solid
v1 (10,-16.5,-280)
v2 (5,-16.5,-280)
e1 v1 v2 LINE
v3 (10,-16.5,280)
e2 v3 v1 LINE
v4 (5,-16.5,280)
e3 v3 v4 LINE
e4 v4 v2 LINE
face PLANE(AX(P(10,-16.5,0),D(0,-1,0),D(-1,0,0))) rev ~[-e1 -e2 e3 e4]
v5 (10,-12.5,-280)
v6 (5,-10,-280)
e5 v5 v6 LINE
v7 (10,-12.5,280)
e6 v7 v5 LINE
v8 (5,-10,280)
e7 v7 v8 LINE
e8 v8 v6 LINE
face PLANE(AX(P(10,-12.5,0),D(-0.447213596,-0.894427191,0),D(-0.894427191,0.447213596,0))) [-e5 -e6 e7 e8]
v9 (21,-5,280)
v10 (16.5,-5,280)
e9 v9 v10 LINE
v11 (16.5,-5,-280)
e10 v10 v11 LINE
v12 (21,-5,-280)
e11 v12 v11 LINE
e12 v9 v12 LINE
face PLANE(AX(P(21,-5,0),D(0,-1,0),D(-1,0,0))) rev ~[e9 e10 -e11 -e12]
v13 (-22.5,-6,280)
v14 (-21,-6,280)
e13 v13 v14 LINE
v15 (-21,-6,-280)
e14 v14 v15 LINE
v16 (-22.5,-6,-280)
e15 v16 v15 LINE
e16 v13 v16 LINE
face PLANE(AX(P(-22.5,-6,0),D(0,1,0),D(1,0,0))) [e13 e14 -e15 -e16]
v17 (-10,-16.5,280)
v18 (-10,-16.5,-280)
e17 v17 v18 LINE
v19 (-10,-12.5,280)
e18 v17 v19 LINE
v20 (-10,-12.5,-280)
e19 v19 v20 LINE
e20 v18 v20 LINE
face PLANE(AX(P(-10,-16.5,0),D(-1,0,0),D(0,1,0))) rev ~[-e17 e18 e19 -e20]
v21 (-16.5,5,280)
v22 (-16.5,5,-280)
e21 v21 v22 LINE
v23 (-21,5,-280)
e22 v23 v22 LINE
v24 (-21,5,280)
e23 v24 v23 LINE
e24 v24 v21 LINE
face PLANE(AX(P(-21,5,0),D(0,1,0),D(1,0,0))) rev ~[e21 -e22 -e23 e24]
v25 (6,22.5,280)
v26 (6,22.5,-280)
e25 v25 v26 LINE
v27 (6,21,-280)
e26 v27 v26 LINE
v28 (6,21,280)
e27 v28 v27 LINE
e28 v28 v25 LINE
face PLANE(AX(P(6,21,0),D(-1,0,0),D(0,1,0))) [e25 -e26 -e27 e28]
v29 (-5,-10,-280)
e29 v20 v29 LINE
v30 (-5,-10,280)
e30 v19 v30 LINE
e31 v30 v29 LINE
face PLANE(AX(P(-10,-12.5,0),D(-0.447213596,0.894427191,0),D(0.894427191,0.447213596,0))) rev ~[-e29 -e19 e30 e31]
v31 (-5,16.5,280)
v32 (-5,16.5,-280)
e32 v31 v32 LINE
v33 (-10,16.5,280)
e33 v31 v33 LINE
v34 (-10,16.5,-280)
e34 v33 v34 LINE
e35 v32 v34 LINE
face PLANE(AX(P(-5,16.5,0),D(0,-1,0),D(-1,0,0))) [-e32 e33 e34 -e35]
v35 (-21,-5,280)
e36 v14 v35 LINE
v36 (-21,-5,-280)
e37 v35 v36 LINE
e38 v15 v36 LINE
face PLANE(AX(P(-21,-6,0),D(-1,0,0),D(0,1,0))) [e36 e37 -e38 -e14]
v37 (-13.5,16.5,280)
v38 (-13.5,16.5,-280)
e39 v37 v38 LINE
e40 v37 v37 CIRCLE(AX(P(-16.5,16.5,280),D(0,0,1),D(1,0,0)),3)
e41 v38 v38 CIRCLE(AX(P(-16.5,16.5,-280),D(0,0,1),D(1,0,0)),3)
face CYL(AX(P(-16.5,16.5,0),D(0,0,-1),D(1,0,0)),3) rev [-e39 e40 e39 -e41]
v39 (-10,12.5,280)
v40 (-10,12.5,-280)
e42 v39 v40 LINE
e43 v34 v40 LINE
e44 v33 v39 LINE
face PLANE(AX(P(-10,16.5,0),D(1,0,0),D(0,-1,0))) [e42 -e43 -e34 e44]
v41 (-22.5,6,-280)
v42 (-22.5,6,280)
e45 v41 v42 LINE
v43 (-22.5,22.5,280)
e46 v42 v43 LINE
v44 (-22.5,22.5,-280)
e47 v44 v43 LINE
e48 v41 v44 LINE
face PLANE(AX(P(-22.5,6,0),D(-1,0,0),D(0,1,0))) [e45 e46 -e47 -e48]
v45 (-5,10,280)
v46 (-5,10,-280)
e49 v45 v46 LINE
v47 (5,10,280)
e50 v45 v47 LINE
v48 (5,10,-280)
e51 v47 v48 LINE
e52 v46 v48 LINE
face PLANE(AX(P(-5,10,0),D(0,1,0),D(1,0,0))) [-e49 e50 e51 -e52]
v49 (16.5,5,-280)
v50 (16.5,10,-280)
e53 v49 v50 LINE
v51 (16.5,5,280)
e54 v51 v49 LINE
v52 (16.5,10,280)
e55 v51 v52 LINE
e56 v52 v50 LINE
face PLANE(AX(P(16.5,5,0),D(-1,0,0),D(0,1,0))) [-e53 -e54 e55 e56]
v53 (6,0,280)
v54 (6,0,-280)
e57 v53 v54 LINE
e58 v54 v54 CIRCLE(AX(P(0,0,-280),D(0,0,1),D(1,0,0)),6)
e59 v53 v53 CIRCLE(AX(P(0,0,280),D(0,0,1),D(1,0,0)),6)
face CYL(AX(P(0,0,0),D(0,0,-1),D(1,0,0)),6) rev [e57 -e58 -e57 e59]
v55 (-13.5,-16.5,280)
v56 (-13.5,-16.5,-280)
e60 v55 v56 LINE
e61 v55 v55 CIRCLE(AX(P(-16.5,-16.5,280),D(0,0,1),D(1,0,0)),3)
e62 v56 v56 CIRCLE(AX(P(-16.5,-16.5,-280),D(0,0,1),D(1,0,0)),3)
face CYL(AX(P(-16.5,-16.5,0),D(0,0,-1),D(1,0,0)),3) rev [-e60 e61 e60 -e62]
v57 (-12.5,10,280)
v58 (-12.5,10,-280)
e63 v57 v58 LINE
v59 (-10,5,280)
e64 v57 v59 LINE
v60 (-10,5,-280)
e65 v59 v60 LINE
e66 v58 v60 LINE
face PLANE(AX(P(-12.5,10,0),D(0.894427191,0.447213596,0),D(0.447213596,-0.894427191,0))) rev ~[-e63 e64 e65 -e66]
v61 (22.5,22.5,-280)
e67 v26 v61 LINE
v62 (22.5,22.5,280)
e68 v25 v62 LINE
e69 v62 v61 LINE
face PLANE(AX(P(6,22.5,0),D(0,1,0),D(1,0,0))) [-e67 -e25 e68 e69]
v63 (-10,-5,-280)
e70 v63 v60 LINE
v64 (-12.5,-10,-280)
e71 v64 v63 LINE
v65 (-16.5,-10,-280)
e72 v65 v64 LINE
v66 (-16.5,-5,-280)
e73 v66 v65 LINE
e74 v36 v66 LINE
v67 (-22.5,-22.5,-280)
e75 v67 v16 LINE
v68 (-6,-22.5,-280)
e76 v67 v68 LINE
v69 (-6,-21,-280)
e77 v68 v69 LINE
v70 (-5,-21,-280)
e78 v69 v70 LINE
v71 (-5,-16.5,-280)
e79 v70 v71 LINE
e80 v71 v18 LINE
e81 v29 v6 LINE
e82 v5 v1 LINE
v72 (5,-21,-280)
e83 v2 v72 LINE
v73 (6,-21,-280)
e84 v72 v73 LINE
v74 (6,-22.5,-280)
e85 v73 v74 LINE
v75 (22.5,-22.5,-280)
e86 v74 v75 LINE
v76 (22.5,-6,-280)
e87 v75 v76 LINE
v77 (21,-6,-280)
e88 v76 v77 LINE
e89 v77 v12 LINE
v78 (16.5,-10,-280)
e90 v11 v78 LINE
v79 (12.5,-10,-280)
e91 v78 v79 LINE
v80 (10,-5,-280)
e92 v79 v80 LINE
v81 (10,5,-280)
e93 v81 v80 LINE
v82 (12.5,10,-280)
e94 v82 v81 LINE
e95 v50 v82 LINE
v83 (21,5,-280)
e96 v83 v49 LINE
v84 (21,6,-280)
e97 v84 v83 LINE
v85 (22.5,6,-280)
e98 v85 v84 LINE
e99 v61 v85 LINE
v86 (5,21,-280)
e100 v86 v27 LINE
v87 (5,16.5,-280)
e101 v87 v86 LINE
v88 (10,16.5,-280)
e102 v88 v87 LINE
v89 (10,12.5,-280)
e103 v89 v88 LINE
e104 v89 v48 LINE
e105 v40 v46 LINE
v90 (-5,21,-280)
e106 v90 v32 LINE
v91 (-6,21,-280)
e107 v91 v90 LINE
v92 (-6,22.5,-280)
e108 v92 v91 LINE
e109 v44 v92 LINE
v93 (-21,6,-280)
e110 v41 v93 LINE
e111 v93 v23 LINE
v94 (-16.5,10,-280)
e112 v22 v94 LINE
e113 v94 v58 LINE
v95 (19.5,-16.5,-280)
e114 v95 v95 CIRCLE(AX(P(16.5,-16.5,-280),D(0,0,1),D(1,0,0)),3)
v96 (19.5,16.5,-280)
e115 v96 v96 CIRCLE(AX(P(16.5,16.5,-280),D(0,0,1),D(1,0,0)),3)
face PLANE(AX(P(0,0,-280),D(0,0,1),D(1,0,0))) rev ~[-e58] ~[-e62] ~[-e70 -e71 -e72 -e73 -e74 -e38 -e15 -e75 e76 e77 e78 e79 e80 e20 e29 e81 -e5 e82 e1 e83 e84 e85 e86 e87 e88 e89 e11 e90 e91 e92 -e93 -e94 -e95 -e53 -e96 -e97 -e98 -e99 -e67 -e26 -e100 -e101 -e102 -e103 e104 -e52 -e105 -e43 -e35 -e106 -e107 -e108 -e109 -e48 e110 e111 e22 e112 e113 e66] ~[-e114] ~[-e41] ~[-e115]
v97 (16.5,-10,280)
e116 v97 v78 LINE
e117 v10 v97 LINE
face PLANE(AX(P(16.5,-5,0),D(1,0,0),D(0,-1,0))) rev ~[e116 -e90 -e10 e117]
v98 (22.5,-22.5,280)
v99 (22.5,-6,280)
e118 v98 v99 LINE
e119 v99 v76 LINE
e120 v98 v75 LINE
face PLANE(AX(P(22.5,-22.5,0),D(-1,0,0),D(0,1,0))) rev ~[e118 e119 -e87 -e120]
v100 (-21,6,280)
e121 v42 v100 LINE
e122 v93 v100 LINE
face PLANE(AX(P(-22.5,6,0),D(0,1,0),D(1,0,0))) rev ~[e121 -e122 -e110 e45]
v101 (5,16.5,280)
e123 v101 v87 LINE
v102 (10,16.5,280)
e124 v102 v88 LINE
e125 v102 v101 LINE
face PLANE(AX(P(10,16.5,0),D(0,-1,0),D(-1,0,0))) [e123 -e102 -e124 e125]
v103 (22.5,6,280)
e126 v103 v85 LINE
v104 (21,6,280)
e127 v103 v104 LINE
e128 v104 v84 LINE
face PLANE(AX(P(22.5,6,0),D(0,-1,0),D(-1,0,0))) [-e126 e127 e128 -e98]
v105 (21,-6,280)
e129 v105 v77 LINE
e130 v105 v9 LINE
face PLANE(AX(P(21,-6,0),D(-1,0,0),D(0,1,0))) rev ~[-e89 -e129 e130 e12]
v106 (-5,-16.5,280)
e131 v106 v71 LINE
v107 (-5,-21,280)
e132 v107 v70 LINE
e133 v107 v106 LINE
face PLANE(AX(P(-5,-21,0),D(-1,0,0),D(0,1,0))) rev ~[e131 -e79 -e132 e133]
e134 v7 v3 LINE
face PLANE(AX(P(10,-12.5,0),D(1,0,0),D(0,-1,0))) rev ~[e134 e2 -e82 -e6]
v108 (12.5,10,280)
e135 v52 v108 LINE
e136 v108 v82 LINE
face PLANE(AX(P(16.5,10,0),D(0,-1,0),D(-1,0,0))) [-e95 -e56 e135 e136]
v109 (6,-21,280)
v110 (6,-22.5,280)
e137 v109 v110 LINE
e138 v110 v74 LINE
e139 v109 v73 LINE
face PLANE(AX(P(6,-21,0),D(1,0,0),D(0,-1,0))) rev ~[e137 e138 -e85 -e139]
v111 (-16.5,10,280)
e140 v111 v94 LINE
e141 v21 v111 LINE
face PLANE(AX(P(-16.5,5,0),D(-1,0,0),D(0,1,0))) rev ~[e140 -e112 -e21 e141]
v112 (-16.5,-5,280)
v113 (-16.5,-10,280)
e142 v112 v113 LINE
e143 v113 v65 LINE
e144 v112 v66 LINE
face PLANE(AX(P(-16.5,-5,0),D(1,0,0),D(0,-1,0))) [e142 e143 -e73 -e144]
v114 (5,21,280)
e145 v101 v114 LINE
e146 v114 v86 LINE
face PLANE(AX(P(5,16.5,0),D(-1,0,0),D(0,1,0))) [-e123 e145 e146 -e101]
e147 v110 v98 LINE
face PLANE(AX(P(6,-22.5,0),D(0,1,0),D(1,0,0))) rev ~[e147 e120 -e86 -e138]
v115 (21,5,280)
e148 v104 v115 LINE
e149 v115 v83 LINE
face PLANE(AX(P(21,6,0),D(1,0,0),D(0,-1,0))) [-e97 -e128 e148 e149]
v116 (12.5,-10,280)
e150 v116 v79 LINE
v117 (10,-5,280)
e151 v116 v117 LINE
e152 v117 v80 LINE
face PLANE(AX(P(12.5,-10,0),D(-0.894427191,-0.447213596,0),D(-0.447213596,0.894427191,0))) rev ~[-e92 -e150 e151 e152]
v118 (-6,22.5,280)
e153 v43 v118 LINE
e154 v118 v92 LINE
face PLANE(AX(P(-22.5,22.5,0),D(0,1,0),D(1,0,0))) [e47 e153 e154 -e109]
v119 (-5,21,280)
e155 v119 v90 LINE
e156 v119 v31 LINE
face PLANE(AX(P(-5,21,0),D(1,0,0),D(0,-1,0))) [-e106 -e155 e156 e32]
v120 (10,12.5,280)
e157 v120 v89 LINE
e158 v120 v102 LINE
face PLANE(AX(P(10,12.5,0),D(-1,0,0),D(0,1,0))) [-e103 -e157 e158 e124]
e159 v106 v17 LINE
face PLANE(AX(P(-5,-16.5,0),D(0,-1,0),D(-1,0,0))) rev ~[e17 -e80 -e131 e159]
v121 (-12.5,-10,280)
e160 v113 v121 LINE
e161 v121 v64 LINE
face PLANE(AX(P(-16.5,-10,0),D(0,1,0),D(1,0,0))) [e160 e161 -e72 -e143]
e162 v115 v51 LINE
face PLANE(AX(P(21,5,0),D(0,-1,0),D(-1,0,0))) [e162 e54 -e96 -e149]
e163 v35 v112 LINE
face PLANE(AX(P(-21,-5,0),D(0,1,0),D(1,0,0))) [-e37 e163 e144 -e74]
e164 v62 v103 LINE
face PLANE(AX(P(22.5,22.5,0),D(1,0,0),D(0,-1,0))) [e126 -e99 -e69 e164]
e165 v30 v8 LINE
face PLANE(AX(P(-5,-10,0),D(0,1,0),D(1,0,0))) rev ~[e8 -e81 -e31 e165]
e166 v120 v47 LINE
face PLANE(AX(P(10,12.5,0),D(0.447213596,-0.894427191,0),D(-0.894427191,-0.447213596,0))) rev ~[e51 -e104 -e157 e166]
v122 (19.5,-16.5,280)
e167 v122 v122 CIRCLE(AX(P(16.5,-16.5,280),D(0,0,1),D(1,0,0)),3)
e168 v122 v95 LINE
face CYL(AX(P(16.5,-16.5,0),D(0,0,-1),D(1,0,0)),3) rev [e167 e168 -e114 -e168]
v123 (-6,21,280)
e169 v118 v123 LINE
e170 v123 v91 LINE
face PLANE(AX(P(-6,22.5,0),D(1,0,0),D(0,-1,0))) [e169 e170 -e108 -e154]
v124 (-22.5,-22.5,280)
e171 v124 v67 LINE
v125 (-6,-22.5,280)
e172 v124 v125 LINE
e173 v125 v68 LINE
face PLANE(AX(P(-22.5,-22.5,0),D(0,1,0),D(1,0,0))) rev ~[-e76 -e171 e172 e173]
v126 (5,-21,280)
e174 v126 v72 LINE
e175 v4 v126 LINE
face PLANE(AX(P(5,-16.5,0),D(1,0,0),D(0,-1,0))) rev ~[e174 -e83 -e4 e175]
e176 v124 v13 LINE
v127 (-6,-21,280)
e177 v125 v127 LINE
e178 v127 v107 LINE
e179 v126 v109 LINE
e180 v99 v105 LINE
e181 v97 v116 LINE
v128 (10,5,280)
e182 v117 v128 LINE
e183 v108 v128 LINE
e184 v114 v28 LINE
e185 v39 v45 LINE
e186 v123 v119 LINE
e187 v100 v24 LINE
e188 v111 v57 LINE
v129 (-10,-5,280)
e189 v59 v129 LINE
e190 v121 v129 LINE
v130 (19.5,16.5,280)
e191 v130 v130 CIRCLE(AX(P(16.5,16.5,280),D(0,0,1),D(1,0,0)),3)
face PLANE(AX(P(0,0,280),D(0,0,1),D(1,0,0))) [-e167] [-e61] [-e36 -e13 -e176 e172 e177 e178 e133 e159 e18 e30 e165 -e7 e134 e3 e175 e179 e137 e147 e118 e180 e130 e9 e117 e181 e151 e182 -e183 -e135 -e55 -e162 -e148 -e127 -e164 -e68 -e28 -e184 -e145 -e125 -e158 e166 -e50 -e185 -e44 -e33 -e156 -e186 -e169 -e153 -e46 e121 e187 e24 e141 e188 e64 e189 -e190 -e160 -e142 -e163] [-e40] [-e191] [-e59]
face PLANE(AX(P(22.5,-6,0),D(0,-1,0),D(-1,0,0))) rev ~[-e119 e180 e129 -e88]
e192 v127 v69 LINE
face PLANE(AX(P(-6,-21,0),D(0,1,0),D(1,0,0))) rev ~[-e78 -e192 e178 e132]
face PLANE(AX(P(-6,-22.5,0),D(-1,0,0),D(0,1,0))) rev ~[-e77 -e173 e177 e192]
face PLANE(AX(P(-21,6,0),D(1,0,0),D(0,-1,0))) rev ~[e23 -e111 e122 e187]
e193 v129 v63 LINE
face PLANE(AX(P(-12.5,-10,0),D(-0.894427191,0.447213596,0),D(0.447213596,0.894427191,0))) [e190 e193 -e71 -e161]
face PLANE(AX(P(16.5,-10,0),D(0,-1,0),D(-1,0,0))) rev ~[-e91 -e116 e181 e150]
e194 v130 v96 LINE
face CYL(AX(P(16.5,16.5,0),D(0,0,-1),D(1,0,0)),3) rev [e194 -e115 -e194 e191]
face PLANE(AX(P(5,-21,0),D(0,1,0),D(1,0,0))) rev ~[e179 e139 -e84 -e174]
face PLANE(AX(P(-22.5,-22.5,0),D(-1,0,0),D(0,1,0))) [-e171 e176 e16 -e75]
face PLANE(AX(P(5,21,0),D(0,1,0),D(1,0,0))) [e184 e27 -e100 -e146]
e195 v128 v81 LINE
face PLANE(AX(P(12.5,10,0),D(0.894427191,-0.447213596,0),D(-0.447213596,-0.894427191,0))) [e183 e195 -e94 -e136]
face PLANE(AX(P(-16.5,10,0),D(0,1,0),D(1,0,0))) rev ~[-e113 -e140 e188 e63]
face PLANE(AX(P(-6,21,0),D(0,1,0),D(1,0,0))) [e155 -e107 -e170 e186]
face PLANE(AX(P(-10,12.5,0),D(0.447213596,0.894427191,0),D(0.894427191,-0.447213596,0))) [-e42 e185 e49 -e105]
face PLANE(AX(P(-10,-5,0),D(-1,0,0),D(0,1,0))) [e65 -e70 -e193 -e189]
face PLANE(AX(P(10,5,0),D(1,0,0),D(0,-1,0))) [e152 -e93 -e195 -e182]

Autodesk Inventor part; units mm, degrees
ref_plane "YZ Plane" through (0, 0, 0) normal (1, 0, 0) x (0, 1, 0)
ref_plane "XZ Plane" through (0, 0, 0) normal (0, 1, 0) x (-1, 0, 0)
ref_plane "XY Plane" through (0, 0, 0) normal (0, 0, 1) x (1, 0, 0)
sketch "Sketch1" plane through (0, 0, 0) normal (0, 0, 1) x (1, 0, 0)
  line L0 (-22.5, 22.5) -> (-6, 22.5)
  line L1 (-6, 22.5) -> (-6, 21)
  line L2 (-6, 21) -> (-5, 21)
  line L3 (-5, 21) -> (-5, 16.5)
  line L4 (-5, 16.5) -> (-10, 16.5)
  line L5 (-10, 16.5) -> (-10, 12.5)
  line L6 (-10, 12.5) -> (-5, 10)
  line L7 (-5, 10) -> (5, 10)
  line L8 (10, 12.5) -> (10, 16.5)
  line L9 (10, 16.5) -> (5, 16.5)
  line L10 (5, 16.5) -> (5, 21)
  line L11 (5, 21) -> (6, 21)
  line L12 (6, 21) -> (6, 22.5)
  line L13 (6, 22.5) -> (22.5, 22.5)
  line L14 (22.5, 22.5) -> (22.5, 6)
  line L15 (22.5, 6) -> (21, 6)
  line L16 (21, 6) -> (21, 5)
  line L17 (21, 5) -> (16.5, 5)
  line L18 (10, 12.5) -> (5, 10)
  line L19 (-22.5, 0) -> (-22.5, 104.1484) construction
  line L20 (-22.5, 0) -> (77.4828, 0) construction
  line L21 (16.5, 5) -> (16.5, 10)
  line L22 (16.5, 10) -> (12.5, 10)
  line L23 (12.5, 10) -> (10, 5)
  line L24 (10, 5) -> (10, 0)
  circle A0 centre (0, 0) radius 6
  circle A1 centre (16.5, 16.5) radius 3
  line L25 (-22.5, 0) -> (45.512, 0) construction
  line L26 (21, -6) -> (21, -5)
  line L27 (22.5, -6) -> (21, -6)
  line L28 (10, -12.5) -> (10, -16.5)
  line L29 (12.5, -10) -> (10, -5)
  line L30 (16.5, -5) -> (16.5, -10)
  line L31 (16.5, -10) -> (12.5, -10)
  line L32 (10, -12.5) -> (5, -10)
  line L33 (22.5, -22.5) -> (22.5, -6)
  circle A2 centre (16.5, -16.5) radius 3
  line L34 (6, -22.5) -> (22.5, -22.5)
  line L35 (5, -16.5) -> (5, -21)
  line L36 (5, -21) -> (6, -21)
  line L37 (6, -21) -> (6, -22.5)
  line L38 (10, -16.5) -> (5, -16.5)
  line L39 (21, -5) -> (16.5, -5)
  line L40 (10, -5) -> (10, 0)
  line L41 (-5, -10) -> (5, -10)
  line L42 (-22.5, -22.5) -> (-6, -22.5)
  line L43 (-6, -22.5) -> (-6, -21)
  line L44 (-6, -21) -> (-5, -21)
  line L45 (-5, -21) -> (-5, -16.5)
  line L46 (-5, -16.5) -> (-10, -16.5)
  line L47 (-10, -16.5) -> (-10, -12.5)
  line L48 (-10, -12.5) -> (-5, -10)
  line L49 (-22.5, -22.5) -> (-22.5, 22.5)
  line L50 (0, -24.7031) -> (0, 16.5) construction
  line L51 (-12.5, 10) -> (-10, 5)
  line L52 (-16.5, 10) -> (-12.5, 10)
  line L53 (-16.5, 5) -> (-16.5, 10)
  line L54 (-21, 5) -> (-16.5, 5)
  line L55 (-21, 6) -> (-21, 5)
  line L56 (-22.5, 6) -> (-21, 6)
  line L57 (-10, 5) -> (-10, 0)
  line L58 (-10, -5) -> (-10, 0)
  line L59 (-12.5, -10) -> (-10, -5)
  line L60 (-16.5, -10) -> (-12.5, -10)
  line L61 (-16.5, -5) -> (-16.5, -10)
  line L62 (-21, -5) -> (-16.5, -5)
  line L63 (-21, -6) -> (-21, -5)
  line L64 (-22.5, -6) -> (-21, -6)
  circle A3 centre (-16.5, 16.5) radius 3
  circle A4 centre (-16.5, -16.5) radius 3
  point P0 (0, 10)
  point P1 (0, -10)
  point P2 (-69.7014, -56.3955)
  point P3 (-69.7014, -68.3955)
  point P4 (-36.78, -20.9511)
  point P5 (-36.78, -32.9511)
  dimension "d0" = 22.5
  dimension "d1" = 20
  dimension "d2" = 1.5
  dimension "d3" = 1.5
  dimension "d4" = 10
  dimension "d5" = 12
  dimension "d6" = 12.5
  dimension "d7" = 22.5
  dimension "d8" = 5
  dimension "d9" = 6
  dimension "d10" = 10
  dimension "d11" = 6
  dimension "d12" = 4
  dimension "d13" = 5
  dimension "d14" = 6
  dimension "d15" = 45
  dimension "d16" = 10
  dimension "d17" = 4
  dimension "d18" = 12.5
  dimension "d19" = 6
  dimension "d20" = 12
  dimension "d21" = 22.5
  dimension "d22" = 6
  dimension "d23" = 39
  dimension "d24" = 16.5
  dimension "d25" = 12.5
extrude "Extrusion1" add sketch "Sketch1" along normal mid plane 560 contours L0 L1 L2 L3 L4 L5 L6 L7 L18 L8 L9 L10 L11 L12 L13 L14 L15 L16 L17 L21 L22 L23 L24 L40 L29 L31 L30 L39 L26 L27 L33 L34 L37 L36 L35 L38 L28 L32 L41 L48 L47 L46 L45 L44 L43 L42 L49 L64 L63 L62 L61 L60 L59 L58 L57 L51 L52 L53 L54 L55 L56
equation "\"d3\" = d2"
equation "\"d8\" = 0.5 * d4"
equation "\"d9\" = 0.5 * d5"
equation "\"d10\" = 0.5 * d1"
equation "\"d13\" = d8"
equation "\"d14\" = d9"
equation "\"d16\" = d10"
equation "\"d17\" = d12"
equation "\"d19\" = d11"
properties part number "Union soporte P45X45 Trigger" material "Aluminum 6061"
